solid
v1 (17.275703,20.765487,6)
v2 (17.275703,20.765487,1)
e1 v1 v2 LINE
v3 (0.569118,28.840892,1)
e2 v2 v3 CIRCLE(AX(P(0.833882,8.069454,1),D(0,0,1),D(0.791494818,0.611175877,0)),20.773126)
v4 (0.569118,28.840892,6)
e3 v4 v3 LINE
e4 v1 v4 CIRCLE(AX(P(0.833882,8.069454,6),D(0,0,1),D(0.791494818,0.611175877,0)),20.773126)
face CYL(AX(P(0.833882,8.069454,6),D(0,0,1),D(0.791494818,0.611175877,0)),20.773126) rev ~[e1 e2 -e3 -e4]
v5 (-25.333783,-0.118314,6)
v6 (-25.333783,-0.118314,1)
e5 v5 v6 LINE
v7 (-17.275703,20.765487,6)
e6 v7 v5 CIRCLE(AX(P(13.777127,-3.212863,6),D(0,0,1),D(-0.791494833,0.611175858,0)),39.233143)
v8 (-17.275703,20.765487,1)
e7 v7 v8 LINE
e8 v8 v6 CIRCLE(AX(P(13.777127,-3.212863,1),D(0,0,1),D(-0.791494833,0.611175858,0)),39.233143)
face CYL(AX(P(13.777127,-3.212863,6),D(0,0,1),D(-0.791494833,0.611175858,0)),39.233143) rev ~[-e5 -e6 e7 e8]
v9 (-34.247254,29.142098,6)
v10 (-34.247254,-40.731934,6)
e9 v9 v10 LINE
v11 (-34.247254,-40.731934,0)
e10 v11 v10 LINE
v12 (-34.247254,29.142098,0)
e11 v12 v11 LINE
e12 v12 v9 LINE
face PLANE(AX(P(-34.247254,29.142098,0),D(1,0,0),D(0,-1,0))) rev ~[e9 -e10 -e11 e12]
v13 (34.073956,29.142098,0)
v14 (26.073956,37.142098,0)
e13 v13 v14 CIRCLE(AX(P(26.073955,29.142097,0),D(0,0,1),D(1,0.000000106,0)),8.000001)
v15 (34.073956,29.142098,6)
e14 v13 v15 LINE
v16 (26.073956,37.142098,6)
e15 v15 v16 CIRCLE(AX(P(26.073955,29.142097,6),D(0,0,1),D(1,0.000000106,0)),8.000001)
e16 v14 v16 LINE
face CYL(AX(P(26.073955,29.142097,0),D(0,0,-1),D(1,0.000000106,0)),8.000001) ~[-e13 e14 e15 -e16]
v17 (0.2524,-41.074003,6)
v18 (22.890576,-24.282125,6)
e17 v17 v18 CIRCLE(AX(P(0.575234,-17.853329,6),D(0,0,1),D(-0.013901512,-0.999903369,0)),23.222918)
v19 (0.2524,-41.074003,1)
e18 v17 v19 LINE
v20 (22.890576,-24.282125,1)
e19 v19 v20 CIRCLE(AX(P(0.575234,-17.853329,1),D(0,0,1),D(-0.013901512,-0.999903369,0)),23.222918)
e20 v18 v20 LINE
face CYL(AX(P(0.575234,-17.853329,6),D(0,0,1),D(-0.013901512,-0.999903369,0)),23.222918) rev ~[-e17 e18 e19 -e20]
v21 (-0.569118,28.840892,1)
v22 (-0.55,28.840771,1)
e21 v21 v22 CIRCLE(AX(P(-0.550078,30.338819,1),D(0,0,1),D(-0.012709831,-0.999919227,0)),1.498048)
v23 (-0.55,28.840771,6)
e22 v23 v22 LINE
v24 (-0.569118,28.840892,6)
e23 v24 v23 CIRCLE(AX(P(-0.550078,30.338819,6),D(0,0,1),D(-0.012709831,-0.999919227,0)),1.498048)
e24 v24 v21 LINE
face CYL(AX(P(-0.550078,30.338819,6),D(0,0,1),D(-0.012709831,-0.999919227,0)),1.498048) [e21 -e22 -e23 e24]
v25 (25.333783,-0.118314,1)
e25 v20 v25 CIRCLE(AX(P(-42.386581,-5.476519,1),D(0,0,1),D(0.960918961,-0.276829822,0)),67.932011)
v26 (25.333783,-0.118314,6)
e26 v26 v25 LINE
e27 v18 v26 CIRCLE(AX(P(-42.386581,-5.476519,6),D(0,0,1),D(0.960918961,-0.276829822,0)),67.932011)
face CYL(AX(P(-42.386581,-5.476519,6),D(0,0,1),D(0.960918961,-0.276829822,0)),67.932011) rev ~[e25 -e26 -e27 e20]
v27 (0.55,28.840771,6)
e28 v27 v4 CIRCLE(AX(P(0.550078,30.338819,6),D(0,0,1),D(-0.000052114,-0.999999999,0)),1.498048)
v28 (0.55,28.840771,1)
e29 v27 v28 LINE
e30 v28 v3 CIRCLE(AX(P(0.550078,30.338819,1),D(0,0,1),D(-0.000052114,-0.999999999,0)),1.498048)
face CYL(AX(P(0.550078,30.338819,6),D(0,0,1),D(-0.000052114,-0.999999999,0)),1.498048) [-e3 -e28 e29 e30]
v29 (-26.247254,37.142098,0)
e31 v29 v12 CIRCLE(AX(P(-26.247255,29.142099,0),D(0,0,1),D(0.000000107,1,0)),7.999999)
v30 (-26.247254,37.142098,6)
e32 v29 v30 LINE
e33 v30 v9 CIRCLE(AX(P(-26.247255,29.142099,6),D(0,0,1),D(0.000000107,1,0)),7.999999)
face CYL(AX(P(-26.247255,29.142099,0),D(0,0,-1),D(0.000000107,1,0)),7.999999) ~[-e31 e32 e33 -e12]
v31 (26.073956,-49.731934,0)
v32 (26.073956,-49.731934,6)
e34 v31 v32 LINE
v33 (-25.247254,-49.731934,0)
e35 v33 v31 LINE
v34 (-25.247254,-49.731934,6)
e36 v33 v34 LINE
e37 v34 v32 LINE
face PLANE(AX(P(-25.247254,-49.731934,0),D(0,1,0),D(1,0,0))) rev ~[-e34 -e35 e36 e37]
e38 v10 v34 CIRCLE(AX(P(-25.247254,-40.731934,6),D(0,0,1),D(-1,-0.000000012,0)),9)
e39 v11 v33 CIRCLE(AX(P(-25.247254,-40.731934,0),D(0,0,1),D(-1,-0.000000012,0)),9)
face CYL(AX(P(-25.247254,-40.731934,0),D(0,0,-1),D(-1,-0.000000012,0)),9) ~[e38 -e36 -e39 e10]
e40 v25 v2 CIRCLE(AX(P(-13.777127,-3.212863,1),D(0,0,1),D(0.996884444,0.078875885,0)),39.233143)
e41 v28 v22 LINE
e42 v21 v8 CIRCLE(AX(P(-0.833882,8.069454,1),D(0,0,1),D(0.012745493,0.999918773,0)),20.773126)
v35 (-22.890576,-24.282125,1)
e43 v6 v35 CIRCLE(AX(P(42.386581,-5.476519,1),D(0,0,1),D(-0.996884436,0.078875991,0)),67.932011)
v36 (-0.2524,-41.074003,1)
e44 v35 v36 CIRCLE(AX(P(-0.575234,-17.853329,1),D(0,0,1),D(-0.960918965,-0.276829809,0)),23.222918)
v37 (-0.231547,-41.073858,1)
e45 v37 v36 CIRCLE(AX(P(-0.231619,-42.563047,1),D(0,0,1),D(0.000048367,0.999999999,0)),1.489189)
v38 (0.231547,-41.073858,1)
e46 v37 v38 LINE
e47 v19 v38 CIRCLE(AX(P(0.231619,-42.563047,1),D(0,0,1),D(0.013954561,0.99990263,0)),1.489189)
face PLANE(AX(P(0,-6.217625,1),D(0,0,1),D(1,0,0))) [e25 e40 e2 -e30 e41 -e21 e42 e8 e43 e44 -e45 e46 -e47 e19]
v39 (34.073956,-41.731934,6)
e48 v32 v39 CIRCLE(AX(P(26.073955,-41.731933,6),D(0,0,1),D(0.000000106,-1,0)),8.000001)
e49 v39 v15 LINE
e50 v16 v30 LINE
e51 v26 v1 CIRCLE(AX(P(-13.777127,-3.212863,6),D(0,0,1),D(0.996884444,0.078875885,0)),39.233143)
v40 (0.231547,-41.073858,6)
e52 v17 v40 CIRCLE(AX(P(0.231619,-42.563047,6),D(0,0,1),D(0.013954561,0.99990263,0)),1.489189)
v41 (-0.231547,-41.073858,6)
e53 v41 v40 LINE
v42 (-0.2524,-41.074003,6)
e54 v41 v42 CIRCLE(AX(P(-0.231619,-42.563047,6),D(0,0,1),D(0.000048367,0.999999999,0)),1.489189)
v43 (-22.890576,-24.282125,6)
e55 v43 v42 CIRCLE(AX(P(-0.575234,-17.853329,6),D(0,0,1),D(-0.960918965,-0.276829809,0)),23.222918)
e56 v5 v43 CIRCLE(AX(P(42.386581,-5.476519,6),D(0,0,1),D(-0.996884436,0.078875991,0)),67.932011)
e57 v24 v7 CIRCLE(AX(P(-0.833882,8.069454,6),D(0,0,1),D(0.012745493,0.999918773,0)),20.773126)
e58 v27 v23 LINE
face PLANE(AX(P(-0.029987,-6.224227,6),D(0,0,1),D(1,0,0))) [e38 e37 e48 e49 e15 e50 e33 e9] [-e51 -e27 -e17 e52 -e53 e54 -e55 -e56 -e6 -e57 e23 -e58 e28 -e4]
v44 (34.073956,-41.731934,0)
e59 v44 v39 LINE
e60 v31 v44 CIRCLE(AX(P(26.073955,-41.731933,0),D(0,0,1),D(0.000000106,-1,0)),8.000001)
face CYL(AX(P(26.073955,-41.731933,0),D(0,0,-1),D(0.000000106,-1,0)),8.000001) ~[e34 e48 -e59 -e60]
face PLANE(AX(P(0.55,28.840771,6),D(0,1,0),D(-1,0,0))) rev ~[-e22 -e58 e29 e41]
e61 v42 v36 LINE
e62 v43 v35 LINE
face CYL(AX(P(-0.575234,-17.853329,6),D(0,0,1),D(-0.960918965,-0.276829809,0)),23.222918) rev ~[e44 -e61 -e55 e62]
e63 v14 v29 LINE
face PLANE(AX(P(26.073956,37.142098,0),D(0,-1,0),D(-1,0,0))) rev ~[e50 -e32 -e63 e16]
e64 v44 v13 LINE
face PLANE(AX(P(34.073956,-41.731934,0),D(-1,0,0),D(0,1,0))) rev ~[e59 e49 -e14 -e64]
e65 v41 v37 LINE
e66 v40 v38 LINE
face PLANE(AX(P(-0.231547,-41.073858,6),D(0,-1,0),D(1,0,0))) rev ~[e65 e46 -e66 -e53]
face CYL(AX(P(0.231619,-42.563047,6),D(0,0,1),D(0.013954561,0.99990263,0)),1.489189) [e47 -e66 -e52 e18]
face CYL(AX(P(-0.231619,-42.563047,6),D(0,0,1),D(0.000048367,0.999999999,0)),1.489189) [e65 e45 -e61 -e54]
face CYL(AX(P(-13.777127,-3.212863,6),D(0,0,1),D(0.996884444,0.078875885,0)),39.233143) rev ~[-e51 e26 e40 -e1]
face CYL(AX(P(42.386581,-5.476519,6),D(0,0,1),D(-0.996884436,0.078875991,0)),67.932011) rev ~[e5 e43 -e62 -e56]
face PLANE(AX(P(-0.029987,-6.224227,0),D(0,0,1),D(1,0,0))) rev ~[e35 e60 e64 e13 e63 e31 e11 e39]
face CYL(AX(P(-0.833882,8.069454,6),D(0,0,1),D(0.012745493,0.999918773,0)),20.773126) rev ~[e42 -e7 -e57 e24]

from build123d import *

# Parameters (mm, degrees)
PAD_DEPTH    = 6
POCKET_DEPTH = 5


with BuildPart() as part:
    # Sketch004 → Pad (new body)
    with BuildSketch(Plane.XY):
        with BuildLine():
            Line((-34.247254, 29.142098), (-34.247254, -40.731934))
            ThreePointArc((-34.247254, -40.731934), (-31.611215, -47.095895), (-25.247254, -49.731934))
            Line((-25.247254, -49.731934), (26.073956, -49.731934))
            ThreePointArc((26.073956, -49.731934), (31.73081, -47.388788), (34.073956, -41.731934))
            Line((34.073956, -41.731934), (34.073956, 29.142098))
            ThreePointArc((34.073956, 29.142098), (31.73081, 34.798952), (26.073956, 37.142098))
            Line((26.073956, 37.142098), (-26.247254, 37.142098))
            ThreePointArc((-26.247254, 37.142098), (-31.904109, 34.798952), (-34.247254, 29.142098))
        make_face()
    extrude(amount=PAD_DEPTH)

    # Sketch → Pocket (cut)
    with BuildSketch(Plane.XY.offset(6)):
        with BuildLine():
            ThreePointArc((0.2524, -41.074003), (14.410312, -36.50526), (22.890576, -24.282125))
            ThreePointArc((22.890576, -24.282125), (25.200826, -12.310293), (25.333783, -0.118314))
            ThreePointArc((25.333783, -0.118314), (22.825754, 10.910473), (17.275703, 20.765487))
            ThreePointArc((17.275703, 20.765487), (9.874199, 26.772272), (0.569118, 28.840892))
            ThreePointArc((0.55, 28.840771), (0.559559, 28.840801), (0.569118, 28.840892))
            Line((0.55, 28.840771), (0, 28.840771))
            Line((-0.55, 28.840771), (0, 28.840771))
            ThreePointArc((-0.569118, 28.840892), (-0.559559, 28.840801), (-0.55, 28.840771))
            ThreePointArc((-0.569118, 28.840892), (-9.874199, 26.772272), (-17.275703, 20.765487))
            ThreePointArc((-17.275703, 20.765487), (-22.825754, 10.910473), (-25.333783, -0.118314))
            ThreePointArc((-25.333783, -0.118314), (-25.200826, -12.310293), (-22.890576, -24.282125))
            ThreePointArc((-22.890576, -24.282125), (-14.410312, -36.50526), (-0.2524, -41.074003))
            ThreePointArc((-0.231547, -41.073858), (-0.241974, -41.073894), (-0.2524, -41.074003))
            Line((-0.231547, -41.073858), (0, -41.073858))
            Line((0.231547, -41.073858), (0, -41.073858))
            ThreePointArc((0.2524, -41.074003), (0.241974, -41.073894), (0.231547, -41.073858))
        make_face()
    extrude(amount=-POCKET_DEPTH, mode=Mode.SUBTRACT)


solid = part.part
